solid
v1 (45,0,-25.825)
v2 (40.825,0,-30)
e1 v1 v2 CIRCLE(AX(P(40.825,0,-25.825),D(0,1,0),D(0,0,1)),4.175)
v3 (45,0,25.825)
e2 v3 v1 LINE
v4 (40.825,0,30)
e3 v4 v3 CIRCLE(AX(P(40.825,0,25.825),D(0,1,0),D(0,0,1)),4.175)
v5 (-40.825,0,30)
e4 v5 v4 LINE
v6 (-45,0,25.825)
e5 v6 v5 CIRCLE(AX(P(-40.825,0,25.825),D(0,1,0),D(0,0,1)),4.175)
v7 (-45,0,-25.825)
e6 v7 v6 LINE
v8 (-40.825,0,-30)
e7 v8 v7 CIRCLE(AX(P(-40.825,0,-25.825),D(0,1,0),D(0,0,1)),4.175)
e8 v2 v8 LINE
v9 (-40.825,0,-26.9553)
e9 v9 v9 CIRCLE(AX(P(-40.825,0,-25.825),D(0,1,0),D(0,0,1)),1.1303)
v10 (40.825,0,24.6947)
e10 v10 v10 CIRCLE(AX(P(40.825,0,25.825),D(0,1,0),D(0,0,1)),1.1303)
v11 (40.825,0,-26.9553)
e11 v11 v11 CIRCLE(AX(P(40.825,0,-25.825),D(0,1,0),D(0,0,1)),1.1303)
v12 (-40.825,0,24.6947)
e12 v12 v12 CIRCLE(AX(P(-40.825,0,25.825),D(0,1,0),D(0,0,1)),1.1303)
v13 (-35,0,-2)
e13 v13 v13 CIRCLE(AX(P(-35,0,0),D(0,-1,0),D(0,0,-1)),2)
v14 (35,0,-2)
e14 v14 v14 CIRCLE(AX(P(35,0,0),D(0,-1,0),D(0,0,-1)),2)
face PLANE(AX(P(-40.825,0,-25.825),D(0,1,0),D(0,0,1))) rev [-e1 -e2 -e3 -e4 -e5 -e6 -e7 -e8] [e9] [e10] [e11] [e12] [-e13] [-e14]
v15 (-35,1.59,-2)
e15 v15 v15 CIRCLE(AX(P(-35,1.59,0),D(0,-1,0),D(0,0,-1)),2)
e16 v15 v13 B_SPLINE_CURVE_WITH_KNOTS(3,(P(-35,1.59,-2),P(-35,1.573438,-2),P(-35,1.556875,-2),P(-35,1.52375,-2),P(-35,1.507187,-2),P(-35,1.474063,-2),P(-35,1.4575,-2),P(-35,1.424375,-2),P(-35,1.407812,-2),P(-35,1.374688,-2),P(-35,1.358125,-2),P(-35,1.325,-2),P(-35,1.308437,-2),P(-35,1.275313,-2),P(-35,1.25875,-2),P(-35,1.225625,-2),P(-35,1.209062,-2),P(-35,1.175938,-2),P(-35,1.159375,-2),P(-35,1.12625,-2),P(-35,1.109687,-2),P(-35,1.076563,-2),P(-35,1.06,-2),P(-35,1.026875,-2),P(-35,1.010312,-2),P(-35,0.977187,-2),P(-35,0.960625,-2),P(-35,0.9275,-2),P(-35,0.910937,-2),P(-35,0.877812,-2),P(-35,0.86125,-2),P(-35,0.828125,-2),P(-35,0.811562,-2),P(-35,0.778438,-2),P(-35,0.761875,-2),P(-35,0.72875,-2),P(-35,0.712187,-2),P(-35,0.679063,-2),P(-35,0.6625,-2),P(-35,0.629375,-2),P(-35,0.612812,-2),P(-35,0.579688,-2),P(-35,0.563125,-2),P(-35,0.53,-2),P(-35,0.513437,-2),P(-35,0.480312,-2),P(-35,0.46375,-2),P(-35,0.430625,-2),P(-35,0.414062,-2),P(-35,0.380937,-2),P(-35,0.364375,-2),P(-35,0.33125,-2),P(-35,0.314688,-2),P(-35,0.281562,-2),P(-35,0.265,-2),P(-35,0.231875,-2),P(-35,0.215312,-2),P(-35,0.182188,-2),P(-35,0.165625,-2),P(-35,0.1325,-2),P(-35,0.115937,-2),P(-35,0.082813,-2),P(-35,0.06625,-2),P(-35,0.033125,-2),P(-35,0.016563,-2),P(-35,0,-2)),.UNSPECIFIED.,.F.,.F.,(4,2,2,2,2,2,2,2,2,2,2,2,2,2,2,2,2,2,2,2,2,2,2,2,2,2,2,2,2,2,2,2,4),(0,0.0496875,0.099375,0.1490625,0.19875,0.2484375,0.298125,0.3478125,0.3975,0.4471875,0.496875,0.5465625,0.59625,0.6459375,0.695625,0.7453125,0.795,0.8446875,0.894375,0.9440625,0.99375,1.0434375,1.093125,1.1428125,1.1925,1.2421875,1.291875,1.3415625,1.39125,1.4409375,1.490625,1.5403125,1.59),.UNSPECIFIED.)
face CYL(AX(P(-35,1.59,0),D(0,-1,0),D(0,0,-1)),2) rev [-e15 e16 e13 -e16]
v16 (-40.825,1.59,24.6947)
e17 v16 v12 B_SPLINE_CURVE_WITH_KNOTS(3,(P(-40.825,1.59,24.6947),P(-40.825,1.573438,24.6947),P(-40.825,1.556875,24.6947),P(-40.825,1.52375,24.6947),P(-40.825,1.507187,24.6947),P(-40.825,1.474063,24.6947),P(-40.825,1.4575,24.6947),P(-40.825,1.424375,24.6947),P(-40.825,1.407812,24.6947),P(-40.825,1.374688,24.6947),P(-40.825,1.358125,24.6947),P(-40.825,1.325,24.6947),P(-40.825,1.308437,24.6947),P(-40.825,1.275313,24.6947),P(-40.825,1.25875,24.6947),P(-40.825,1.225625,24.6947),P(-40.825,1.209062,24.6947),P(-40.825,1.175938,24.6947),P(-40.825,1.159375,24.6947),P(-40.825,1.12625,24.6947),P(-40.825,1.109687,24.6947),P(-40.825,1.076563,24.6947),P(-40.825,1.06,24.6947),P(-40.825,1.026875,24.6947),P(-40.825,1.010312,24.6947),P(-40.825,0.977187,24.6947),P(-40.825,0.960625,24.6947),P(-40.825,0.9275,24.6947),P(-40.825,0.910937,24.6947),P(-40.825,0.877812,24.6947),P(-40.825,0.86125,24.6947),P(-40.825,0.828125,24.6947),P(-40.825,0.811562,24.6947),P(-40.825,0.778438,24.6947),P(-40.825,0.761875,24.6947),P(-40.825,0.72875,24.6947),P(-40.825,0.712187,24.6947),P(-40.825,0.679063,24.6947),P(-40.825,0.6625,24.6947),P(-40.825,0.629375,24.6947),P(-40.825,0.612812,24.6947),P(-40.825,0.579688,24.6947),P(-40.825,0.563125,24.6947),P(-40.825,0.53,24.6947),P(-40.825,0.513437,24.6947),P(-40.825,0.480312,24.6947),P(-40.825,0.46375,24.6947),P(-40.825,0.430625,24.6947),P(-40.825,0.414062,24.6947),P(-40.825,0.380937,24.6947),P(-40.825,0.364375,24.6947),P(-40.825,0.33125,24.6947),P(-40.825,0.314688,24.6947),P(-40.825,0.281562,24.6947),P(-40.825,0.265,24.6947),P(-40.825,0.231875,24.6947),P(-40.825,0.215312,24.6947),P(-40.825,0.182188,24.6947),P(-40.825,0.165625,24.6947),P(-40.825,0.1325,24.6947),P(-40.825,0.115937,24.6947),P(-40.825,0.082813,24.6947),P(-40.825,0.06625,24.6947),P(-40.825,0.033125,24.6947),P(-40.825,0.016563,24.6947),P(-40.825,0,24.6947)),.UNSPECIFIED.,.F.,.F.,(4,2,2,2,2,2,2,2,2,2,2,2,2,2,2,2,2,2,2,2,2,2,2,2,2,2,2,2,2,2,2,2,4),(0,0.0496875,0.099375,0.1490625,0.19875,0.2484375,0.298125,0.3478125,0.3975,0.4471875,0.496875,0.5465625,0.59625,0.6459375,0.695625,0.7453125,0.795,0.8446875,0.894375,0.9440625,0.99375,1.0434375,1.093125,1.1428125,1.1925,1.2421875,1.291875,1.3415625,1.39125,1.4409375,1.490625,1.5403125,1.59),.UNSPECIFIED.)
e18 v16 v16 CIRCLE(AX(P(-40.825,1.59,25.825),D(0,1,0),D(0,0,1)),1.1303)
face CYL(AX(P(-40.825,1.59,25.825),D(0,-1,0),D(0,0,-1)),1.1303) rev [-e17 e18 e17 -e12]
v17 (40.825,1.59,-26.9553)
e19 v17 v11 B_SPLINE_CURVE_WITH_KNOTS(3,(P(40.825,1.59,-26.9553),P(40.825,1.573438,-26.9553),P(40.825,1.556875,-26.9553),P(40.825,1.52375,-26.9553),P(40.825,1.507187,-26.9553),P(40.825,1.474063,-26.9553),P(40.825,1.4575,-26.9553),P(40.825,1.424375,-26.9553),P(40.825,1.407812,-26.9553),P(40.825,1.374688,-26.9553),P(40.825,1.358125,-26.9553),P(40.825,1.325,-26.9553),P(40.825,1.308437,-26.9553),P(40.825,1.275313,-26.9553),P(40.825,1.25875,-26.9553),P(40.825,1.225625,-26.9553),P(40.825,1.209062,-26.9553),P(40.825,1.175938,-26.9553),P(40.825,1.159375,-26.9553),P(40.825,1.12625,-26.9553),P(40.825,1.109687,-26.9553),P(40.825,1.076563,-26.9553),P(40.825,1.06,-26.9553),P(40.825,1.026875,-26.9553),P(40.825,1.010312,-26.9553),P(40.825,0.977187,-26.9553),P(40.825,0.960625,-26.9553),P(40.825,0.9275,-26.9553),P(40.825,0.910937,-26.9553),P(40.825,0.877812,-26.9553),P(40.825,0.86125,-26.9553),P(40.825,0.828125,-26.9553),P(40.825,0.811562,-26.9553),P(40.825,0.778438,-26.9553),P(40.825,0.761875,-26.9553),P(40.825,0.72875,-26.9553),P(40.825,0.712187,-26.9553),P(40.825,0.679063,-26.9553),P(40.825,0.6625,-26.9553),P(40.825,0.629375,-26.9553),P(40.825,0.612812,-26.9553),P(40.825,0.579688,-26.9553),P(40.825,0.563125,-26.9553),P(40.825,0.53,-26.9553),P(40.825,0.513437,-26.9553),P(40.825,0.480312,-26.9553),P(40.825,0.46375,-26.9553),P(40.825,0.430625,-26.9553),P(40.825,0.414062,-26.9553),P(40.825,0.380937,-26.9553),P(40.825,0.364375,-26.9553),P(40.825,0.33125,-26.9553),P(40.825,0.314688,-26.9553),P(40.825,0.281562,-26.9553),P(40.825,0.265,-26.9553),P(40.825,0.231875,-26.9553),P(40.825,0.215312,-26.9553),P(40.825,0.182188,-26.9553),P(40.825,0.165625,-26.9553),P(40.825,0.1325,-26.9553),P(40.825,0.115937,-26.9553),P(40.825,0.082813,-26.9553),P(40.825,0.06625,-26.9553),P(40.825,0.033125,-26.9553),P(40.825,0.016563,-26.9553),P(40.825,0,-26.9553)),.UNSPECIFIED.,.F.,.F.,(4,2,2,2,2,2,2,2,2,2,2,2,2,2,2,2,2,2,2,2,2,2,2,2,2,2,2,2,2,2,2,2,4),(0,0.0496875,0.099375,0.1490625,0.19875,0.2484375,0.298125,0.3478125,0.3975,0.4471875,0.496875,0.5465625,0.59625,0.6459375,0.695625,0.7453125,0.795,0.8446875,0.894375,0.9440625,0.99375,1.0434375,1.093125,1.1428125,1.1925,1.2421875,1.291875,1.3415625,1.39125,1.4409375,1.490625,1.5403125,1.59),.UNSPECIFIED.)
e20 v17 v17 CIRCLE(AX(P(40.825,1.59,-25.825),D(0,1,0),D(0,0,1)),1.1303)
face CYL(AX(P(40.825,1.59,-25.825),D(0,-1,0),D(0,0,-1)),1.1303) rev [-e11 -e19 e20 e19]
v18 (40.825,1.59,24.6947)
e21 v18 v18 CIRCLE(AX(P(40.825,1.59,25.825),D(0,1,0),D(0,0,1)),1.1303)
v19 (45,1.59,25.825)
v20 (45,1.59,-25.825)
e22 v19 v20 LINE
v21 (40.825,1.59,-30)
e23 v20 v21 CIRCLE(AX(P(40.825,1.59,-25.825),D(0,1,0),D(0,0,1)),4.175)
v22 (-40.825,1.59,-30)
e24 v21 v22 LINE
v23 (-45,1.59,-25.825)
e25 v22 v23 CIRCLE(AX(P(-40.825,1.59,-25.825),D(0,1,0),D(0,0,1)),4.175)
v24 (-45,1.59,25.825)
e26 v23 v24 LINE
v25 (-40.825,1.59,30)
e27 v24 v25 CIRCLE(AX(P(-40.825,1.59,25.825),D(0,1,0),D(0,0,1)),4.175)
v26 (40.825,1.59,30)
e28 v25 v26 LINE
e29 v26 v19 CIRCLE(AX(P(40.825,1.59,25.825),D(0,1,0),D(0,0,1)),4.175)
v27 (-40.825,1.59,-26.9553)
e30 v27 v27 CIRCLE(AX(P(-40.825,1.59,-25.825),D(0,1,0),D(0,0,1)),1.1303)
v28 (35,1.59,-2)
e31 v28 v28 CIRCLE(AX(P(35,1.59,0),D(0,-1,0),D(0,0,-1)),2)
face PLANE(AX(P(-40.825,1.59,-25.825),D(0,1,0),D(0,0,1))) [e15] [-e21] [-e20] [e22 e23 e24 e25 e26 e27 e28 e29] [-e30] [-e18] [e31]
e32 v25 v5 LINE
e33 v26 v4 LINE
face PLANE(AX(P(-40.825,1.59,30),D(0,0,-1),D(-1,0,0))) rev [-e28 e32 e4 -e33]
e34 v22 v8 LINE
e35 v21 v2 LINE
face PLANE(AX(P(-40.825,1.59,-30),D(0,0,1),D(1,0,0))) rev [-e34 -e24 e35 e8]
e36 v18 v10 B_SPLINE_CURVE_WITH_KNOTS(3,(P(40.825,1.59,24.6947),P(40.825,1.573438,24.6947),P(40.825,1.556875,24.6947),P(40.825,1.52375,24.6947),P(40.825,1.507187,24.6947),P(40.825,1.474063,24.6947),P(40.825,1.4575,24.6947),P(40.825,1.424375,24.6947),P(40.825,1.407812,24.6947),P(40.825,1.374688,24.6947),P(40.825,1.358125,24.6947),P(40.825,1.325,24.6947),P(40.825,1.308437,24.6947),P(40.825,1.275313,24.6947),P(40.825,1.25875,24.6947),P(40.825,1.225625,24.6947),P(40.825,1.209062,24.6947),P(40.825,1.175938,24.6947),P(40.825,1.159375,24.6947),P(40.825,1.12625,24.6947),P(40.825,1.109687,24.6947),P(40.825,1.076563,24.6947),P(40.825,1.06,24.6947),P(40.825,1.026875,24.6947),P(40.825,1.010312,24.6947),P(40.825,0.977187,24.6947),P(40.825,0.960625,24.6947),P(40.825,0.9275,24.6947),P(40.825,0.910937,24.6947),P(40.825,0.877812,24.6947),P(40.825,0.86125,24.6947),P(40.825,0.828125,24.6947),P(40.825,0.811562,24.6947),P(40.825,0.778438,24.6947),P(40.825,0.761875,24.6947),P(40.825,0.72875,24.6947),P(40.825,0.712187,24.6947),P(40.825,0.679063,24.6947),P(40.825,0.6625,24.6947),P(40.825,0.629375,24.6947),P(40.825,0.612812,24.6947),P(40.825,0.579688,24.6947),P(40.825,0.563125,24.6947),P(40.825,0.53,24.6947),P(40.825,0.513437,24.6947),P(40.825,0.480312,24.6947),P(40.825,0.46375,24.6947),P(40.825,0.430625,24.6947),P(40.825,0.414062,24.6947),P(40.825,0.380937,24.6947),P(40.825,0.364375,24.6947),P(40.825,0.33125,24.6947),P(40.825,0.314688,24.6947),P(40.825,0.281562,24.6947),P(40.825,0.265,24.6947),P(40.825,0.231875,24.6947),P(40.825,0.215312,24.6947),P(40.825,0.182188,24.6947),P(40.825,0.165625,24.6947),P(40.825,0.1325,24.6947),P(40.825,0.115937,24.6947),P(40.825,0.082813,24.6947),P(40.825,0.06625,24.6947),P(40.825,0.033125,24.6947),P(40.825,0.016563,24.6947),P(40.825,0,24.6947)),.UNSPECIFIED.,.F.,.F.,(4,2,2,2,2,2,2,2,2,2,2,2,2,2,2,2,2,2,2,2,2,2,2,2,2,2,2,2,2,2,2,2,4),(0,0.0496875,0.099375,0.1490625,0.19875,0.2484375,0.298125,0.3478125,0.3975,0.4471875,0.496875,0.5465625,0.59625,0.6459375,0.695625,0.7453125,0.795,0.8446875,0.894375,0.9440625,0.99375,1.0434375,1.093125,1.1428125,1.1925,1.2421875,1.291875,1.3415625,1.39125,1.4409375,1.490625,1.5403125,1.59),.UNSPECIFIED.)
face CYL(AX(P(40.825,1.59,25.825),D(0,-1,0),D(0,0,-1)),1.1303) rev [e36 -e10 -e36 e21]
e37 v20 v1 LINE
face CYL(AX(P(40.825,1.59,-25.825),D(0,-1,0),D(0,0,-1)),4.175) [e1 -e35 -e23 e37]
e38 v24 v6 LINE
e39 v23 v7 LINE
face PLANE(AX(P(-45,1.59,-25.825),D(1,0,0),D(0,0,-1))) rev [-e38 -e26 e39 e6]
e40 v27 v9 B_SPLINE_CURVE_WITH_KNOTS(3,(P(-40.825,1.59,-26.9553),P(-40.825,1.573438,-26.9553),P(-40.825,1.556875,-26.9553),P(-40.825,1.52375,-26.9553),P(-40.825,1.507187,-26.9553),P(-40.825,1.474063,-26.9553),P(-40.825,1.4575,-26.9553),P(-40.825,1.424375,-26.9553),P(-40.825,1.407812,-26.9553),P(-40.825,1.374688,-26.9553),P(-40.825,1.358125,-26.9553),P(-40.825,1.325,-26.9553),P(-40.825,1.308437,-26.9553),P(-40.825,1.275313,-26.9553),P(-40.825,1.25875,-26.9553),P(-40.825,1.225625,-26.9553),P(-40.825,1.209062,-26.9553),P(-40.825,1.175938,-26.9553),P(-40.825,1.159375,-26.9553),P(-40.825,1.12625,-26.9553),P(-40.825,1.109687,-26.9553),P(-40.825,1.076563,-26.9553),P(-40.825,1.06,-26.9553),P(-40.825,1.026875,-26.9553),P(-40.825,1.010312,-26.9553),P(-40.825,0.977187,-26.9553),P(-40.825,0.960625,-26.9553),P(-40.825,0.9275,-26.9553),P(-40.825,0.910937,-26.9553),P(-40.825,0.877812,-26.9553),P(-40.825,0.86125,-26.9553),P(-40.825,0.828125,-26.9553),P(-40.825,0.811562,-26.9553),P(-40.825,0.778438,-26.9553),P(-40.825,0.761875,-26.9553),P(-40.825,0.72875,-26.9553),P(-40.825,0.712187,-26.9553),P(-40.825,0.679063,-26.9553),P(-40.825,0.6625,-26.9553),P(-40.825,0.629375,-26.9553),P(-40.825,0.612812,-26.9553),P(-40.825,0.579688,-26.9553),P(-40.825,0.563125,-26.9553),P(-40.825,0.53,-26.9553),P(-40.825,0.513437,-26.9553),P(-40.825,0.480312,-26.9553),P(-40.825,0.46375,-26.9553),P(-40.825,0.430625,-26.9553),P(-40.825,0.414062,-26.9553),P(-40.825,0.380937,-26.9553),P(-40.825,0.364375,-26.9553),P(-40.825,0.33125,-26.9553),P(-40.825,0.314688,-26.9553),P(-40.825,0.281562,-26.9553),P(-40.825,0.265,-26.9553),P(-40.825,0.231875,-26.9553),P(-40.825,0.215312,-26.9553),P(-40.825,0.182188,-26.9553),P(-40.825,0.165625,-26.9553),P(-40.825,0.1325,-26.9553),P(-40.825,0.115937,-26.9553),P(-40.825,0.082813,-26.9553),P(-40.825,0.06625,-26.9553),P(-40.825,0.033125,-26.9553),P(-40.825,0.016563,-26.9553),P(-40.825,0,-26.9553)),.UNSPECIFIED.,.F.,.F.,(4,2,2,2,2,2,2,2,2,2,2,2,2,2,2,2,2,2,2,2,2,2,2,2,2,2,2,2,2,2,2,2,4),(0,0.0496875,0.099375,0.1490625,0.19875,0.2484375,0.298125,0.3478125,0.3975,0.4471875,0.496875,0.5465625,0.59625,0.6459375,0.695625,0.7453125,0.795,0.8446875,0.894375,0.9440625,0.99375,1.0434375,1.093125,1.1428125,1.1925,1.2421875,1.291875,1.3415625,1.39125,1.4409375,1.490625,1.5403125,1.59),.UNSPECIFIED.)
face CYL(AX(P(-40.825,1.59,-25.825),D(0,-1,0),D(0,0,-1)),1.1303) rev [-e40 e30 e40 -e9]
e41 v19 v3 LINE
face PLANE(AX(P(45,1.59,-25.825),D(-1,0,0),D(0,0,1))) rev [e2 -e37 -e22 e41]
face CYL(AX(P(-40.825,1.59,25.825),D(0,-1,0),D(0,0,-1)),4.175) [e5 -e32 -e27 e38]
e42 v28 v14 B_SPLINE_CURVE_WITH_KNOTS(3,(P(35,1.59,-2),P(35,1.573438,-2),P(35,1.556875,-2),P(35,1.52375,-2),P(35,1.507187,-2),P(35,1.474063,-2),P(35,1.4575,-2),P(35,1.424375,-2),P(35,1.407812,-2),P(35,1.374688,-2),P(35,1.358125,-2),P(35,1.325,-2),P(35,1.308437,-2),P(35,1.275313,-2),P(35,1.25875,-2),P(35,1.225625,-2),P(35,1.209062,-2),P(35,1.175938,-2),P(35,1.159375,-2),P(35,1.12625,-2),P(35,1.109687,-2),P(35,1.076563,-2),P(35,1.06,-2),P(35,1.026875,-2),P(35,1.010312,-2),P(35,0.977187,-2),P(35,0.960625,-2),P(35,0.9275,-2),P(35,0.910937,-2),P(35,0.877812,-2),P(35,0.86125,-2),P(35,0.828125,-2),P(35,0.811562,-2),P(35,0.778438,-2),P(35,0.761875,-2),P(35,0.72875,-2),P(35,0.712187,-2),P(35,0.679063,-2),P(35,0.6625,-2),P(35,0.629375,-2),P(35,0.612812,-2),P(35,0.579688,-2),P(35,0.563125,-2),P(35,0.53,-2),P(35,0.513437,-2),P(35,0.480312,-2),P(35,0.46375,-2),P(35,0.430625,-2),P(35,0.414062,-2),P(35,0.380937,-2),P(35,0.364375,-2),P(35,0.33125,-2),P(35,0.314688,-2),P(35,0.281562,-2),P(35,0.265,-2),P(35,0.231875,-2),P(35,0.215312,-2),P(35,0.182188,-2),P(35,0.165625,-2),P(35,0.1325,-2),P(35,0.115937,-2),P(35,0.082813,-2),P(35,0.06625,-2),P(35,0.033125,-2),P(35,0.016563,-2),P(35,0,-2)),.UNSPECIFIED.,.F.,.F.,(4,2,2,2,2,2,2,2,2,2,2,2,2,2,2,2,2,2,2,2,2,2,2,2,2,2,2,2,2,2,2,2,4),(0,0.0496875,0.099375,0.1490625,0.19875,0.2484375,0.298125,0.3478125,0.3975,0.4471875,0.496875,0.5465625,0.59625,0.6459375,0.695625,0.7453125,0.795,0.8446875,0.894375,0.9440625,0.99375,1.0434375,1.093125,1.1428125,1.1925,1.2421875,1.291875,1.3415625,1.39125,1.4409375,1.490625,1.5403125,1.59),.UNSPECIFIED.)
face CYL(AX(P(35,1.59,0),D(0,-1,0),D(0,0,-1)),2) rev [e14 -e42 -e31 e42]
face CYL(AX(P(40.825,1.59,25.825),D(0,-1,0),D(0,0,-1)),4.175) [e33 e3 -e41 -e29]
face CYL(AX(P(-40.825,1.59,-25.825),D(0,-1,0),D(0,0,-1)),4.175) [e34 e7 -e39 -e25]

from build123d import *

# Parameters (mm, degrees)
SKETCH2_R           = 1.1303
BOSS_EXTRUDE3_DEPTH = 1.59
SKETCH3_R           = 2
CUT_EXTRUDE1_DEPTH  = 1.59


with BuildPart() as part:
    # Sketch2 → Boss-Extrude3 (new body)
    with BuildSketch(Plane(origin=(0, 0, 0), x_dir=(1, 0, 0), z_dir=(0, 1, 0))):
        with BuildLine():
            Line((-45, 25.825), (-45, -25.825))
            ThreePointArc((-45, -25.825), (-43.777170811, -28.777170811), (-40.825, -30))
            Line((-40.825, -30), (40.825, -30))
            ThreePointArc((40.825, -30), (43.777170811, -28.777170811), (45, -25.825))
            Line((45, -25.825), (45, 25.825))
            ThreePointArc((45, 25.825), (43.777170811, 28.777170811), (40.825, 30))
            Line((40.825, 30), (-40.825, 30))
            ThreePointArc((-40.825, 30), (-43.777170811, 28.777170811), (-45, 25.825))
        make_face()
        with Locations(Location((40.825, 25.825, 0), (0, 0, 90))):
            Circle(SKETCH2_R, mode=Mode.SUBTRACT)
        with Locations(Location((-40.825, 25.825, 0), (0, 0, 90))):
            Circle(SKETCH2_R, mode=Mode.SUBTRACT)
        with Locations(Location((-40.825, -25.825, 0), (0, 0, 90))):
            Circle(SKETCH2_R, mode=Mode.SUBTRACT)
        with Locations(Location((40.825, -25.825, 0), (0, 0, 90))):
            Circle(SKETCH2_R, mode=Mode.SUBTRACT)
    extrude(amount=BOSS_EXTRUDE3_DEPTH)

    # Sketch3 → Cut-Extrude1 (cut)
    with BuildSketch(Plane.XZ):
        with Locations(Location((-35, 0, 0), (0, 0, 270))):
            Circle(SKETCH3_R)
        with Locations(Location((35, 0, 0), (0, 0, 270))):
            Circle(SKETCH3_R)
    extrude(amount=-CUT_EXTRUDE1_DEPTH, mode=Mode.SUBTRACT)


solid = part.part
